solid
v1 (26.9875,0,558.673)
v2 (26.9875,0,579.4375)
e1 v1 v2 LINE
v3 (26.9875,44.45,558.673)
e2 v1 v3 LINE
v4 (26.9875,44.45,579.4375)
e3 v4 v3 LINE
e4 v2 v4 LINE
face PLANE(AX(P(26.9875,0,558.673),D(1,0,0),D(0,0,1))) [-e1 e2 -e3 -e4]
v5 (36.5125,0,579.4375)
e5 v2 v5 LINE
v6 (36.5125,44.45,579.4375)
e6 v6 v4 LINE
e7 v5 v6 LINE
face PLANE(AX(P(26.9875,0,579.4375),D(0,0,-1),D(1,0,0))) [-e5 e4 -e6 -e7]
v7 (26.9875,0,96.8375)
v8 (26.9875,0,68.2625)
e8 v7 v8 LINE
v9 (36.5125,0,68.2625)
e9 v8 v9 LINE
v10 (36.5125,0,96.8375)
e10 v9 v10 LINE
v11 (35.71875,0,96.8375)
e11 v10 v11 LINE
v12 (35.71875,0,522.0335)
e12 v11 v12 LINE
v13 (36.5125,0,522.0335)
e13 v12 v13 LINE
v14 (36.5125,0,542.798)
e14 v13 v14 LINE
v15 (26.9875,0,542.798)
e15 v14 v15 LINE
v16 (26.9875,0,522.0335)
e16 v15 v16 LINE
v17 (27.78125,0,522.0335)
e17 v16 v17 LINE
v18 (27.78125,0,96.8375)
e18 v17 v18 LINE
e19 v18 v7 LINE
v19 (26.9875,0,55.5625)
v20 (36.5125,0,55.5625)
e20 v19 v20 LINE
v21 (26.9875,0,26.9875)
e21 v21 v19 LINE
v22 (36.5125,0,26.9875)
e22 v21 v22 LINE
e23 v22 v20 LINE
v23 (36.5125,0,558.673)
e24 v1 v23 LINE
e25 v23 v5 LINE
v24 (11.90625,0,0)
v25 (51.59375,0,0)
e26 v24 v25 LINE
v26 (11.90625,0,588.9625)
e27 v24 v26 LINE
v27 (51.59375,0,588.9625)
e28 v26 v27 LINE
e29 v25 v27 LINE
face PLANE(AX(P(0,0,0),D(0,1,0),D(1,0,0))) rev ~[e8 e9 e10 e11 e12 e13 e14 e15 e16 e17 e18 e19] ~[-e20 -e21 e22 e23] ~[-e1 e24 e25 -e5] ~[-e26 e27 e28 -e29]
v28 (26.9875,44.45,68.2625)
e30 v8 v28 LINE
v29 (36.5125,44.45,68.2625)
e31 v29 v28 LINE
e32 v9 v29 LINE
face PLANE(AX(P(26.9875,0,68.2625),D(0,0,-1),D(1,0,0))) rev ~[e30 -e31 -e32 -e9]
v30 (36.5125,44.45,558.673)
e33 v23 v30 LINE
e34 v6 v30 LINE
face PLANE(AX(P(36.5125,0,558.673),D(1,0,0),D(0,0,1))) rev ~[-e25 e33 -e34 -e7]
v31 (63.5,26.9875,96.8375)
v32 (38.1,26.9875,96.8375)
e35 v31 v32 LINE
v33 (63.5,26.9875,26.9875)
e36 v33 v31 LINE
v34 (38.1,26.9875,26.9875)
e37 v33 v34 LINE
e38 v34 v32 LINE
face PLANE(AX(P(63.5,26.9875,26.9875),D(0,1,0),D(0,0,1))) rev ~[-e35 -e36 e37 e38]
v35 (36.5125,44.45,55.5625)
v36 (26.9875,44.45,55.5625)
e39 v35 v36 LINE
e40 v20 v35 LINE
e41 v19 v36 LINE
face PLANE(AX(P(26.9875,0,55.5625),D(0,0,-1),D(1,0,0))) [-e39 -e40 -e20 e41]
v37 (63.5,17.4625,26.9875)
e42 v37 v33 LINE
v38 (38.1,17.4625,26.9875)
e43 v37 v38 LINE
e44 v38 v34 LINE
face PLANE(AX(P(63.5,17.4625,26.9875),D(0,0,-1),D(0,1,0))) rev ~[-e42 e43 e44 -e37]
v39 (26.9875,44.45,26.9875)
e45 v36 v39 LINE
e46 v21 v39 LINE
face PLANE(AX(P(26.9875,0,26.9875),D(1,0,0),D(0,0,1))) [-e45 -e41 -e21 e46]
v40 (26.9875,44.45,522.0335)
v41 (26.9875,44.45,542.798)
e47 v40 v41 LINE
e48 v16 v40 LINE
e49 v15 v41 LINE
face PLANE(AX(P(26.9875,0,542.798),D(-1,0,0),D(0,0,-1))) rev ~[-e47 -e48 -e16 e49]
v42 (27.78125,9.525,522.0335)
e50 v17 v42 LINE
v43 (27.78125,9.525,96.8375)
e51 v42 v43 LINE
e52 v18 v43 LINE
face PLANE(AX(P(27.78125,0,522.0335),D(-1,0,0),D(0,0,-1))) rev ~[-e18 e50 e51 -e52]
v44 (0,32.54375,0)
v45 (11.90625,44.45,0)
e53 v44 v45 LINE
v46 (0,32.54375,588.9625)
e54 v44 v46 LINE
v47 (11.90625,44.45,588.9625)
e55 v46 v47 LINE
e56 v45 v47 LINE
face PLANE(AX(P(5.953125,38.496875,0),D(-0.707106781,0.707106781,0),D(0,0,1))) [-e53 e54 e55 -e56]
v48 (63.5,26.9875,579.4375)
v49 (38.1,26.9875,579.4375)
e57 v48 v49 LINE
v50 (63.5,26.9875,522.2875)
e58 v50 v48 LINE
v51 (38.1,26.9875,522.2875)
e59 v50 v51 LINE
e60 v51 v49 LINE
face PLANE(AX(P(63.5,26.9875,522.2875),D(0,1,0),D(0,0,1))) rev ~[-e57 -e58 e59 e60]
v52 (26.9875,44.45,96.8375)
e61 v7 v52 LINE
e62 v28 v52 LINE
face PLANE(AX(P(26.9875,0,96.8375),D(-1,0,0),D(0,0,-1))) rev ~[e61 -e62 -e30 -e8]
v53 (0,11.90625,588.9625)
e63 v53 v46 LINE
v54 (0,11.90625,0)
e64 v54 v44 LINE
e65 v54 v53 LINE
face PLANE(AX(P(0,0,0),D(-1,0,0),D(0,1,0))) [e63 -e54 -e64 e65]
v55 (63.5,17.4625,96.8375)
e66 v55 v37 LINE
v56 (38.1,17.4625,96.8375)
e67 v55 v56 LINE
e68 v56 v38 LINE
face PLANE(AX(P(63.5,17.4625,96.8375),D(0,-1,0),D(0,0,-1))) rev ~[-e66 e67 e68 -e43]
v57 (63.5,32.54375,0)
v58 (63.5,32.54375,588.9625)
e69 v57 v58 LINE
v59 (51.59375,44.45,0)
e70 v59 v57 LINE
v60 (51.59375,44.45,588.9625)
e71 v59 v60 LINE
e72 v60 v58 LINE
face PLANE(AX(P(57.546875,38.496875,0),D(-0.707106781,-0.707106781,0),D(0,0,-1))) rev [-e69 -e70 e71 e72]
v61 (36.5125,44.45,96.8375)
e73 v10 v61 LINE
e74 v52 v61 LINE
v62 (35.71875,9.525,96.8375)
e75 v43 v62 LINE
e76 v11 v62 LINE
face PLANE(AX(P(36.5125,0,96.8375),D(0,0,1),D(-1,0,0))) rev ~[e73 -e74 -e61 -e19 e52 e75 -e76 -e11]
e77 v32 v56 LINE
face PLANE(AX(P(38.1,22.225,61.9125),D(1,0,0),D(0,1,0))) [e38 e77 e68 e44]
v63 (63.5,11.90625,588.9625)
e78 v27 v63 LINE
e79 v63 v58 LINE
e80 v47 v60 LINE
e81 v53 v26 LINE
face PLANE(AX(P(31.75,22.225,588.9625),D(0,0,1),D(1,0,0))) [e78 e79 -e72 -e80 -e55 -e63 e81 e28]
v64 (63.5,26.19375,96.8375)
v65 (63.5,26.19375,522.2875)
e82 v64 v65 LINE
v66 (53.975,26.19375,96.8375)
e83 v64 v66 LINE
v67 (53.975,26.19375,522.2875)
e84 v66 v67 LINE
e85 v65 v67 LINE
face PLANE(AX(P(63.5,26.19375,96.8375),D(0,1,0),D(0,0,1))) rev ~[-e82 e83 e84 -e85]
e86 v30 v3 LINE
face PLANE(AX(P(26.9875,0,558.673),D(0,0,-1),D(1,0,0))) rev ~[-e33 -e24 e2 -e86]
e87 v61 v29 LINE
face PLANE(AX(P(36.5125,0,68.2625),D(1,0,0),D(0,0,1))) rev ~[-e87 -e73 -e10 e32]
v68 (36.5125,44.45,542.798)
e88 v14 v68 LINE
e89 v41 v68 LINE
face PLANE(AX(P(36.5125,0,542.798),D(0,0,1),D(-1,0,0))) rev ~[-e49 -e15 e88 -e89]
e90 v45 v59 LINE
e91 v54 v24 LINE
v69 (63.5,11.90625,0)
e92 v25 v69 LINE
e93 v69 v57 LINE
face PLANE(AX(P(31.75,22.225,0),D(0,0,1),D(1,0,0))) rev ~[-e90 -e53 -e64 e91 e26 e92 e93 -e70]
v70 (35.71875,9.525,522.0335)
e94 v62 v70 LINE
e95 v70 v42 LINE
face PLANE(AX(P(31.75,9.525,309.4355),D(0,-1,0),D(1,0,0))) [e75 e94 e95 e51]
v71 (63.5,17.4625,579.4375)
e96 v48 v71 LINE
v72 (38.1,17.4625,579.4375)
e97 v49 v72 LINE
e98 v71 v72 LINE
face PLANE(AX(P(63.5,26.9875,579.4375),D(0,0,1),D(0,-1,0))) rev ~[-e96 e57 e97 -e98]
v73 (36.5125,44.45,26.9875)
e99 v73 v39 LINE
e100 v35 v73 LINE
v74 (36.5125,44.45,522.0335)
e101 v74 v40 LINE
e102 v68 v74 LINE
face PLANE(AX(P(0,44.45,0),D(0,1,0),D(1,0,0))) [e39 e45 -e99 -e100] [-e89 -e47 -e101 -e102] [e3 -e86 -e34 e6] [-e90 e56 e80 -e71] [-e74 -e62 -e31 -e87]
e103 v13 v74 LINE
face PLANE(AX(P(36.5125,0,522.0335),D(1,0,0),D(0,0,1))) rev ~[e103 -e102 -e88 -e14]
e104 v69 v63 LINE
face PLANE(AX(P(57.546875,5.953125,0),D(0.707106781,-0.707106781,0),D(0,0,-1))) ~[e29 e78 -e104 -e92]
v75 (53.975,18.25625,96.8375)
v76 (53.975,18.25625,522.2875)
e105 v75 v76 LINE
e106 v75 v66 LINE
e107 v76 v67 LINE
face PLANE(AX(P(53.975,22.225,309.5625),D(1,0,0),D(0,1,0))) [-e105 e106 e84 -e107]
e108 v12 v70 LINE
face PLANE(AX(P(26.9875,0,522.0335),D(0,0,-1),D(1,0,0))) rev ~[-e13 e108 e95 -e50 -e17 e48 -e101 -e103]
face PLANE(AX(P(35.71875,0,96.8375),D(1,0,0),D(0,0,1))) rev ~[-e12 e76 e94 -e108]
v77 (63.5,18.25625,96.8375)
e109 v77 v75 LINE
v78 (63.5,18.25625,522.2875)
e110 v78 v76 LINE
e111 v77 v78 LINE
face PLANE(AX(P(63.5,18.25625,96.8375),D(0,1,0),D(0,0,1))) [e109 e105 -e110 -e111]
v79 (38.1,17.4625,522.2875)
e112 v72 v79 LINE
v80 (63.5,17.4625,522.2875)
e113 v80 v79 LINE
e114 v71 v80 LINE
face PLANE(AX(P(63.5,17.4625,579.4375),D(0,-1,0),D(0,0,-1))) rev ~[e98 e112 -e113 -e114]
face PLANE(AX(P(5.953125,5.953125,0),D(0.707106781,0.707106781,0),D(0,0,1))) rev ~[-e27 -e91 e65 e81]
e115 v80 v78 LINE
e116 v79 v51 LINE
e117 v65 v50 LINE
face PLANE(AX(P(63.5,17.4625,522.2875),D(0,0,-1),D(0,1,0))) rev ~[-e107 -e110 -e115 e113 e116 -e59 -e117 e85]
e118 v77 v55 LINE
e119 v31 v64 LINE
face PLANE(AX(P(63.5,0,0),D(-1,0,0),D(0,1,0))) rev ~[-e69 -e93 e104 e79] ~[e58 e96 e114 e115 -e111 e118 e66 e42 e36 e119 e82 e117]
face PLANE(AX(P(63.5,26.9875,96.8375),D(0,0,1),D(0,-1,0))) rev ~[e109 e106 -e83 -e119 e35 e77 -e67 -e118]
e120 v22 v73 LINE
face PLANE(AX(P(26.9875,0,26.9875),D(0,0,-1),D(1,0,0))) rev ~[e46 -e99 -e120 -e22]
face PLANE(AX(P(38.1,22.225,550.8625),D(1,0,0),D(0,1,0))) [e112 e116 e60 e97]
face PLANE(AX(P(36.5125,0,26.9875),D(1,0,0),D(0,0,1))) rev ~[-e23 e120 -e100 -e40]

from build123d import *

# Parameters (mm, degrees)
F0_W     = 63.5
F0_H     = 44.45
F1_DEPTH = 588.9625
F3_DEPTH = 25.4
F2_W     = 7.9375
F2_H     = 425.45
F4_DEPTH = 9.525
F6_DEPTH = 9.525
F5_W     = 9.525
F5_H     = 20.7645
F5_H_2   = 28.575
F7_DEPTH = 44.451
F8_SIZE  = 11.90625


with BuildPart() as f1:
    # F0 (on Top) → F1 (new body)
    with BuildSketch(Plane.XY):
        with Locations((31.75, 22.225)):
            Rectangle(F0_W, F0_H)
    extrude(amount=F1_DEPTH)

    # F2 (on face) → F3 (cut)
    with BuildSketch(Plane.YZ.offset(63.5)):
        Polygon((26.9875, 579.4375), (17.4625, 579.4375), (17.4625, 522.2875), (18.25625, 522.2875), (26.19375, 522.2875), (26.9875, 522.2875), align=None)
        Polygon((26.19375, 96.8375), (18.25625, 96.8375), (17.4625, 96.8375), (17.4625, 26.9875), (26.9875, 26.9875), (26.9875, 96.8375), align=None)
    extrude(amount=-F3_DEPTH, mode=Mode.SUBTRACT)

    # F2 (on face) → F4 (cut)
    with BuildSketch(Plane.YZ.offset(63.5)):
        with Locations((22.225, 309.5625)):
            Rectangle(F2_W, F2_H)
    extrude(amount=-F4_DEPTH, mode=Mode.SUBTRACT)

    # F5 (on face) → F6 (cut)
    with BuildSketch(Plane.XZ):
        Polygon((35.71875, 522.0335), (28.575, 522.0335), (27.78125, 522.0335), (27.78125, 96.8375), (35.71875, 96.8375), align=None)
    extrude(amount=-F6_DEPTH, mode=Mode.SUBTRACT)

    # F5 (on face) → F7 (cut, through all)
    with BuildSketch(Plane.XZ):
        with Locations((31.75, 569.05525)):
            Rectangle(F5_W, F5_H)
        Polygon((27.78125, 522.0335), (28.575, 522.0335), (35.71875, 522.0335), (36.5125, 522.0335), (36.5125, 542.798), (26.9875, 542.798), (26.9875, 522.0335), align=None)
        Polygon((35.71875, 96.8375), (27.78125, 96.8375), (26.9875, 96.8375), (26.9875, 68.2625), (36.5125, 68.2625), (36.5125, 96.8375), align=None)
        with Locations((31.75, 41.275)):
            Rectangle(F5_W, F5_H_2)
    extrude(amount=-F7_DEPTH, mode=Mode.SUBTRACT)

    # F8
    f8_edges = [f1.edges().sort_by_distance(p)[0] for p in [
        (63.5, 44.45, 294.48125),
        (0, 44.45, 294.48125),
        (63.5, 0, 294.48125),
        (0, 0, 294.48125),
    ]]
    chamfer(f8_edges, length=F8_SIZE)


solid = f1.part
